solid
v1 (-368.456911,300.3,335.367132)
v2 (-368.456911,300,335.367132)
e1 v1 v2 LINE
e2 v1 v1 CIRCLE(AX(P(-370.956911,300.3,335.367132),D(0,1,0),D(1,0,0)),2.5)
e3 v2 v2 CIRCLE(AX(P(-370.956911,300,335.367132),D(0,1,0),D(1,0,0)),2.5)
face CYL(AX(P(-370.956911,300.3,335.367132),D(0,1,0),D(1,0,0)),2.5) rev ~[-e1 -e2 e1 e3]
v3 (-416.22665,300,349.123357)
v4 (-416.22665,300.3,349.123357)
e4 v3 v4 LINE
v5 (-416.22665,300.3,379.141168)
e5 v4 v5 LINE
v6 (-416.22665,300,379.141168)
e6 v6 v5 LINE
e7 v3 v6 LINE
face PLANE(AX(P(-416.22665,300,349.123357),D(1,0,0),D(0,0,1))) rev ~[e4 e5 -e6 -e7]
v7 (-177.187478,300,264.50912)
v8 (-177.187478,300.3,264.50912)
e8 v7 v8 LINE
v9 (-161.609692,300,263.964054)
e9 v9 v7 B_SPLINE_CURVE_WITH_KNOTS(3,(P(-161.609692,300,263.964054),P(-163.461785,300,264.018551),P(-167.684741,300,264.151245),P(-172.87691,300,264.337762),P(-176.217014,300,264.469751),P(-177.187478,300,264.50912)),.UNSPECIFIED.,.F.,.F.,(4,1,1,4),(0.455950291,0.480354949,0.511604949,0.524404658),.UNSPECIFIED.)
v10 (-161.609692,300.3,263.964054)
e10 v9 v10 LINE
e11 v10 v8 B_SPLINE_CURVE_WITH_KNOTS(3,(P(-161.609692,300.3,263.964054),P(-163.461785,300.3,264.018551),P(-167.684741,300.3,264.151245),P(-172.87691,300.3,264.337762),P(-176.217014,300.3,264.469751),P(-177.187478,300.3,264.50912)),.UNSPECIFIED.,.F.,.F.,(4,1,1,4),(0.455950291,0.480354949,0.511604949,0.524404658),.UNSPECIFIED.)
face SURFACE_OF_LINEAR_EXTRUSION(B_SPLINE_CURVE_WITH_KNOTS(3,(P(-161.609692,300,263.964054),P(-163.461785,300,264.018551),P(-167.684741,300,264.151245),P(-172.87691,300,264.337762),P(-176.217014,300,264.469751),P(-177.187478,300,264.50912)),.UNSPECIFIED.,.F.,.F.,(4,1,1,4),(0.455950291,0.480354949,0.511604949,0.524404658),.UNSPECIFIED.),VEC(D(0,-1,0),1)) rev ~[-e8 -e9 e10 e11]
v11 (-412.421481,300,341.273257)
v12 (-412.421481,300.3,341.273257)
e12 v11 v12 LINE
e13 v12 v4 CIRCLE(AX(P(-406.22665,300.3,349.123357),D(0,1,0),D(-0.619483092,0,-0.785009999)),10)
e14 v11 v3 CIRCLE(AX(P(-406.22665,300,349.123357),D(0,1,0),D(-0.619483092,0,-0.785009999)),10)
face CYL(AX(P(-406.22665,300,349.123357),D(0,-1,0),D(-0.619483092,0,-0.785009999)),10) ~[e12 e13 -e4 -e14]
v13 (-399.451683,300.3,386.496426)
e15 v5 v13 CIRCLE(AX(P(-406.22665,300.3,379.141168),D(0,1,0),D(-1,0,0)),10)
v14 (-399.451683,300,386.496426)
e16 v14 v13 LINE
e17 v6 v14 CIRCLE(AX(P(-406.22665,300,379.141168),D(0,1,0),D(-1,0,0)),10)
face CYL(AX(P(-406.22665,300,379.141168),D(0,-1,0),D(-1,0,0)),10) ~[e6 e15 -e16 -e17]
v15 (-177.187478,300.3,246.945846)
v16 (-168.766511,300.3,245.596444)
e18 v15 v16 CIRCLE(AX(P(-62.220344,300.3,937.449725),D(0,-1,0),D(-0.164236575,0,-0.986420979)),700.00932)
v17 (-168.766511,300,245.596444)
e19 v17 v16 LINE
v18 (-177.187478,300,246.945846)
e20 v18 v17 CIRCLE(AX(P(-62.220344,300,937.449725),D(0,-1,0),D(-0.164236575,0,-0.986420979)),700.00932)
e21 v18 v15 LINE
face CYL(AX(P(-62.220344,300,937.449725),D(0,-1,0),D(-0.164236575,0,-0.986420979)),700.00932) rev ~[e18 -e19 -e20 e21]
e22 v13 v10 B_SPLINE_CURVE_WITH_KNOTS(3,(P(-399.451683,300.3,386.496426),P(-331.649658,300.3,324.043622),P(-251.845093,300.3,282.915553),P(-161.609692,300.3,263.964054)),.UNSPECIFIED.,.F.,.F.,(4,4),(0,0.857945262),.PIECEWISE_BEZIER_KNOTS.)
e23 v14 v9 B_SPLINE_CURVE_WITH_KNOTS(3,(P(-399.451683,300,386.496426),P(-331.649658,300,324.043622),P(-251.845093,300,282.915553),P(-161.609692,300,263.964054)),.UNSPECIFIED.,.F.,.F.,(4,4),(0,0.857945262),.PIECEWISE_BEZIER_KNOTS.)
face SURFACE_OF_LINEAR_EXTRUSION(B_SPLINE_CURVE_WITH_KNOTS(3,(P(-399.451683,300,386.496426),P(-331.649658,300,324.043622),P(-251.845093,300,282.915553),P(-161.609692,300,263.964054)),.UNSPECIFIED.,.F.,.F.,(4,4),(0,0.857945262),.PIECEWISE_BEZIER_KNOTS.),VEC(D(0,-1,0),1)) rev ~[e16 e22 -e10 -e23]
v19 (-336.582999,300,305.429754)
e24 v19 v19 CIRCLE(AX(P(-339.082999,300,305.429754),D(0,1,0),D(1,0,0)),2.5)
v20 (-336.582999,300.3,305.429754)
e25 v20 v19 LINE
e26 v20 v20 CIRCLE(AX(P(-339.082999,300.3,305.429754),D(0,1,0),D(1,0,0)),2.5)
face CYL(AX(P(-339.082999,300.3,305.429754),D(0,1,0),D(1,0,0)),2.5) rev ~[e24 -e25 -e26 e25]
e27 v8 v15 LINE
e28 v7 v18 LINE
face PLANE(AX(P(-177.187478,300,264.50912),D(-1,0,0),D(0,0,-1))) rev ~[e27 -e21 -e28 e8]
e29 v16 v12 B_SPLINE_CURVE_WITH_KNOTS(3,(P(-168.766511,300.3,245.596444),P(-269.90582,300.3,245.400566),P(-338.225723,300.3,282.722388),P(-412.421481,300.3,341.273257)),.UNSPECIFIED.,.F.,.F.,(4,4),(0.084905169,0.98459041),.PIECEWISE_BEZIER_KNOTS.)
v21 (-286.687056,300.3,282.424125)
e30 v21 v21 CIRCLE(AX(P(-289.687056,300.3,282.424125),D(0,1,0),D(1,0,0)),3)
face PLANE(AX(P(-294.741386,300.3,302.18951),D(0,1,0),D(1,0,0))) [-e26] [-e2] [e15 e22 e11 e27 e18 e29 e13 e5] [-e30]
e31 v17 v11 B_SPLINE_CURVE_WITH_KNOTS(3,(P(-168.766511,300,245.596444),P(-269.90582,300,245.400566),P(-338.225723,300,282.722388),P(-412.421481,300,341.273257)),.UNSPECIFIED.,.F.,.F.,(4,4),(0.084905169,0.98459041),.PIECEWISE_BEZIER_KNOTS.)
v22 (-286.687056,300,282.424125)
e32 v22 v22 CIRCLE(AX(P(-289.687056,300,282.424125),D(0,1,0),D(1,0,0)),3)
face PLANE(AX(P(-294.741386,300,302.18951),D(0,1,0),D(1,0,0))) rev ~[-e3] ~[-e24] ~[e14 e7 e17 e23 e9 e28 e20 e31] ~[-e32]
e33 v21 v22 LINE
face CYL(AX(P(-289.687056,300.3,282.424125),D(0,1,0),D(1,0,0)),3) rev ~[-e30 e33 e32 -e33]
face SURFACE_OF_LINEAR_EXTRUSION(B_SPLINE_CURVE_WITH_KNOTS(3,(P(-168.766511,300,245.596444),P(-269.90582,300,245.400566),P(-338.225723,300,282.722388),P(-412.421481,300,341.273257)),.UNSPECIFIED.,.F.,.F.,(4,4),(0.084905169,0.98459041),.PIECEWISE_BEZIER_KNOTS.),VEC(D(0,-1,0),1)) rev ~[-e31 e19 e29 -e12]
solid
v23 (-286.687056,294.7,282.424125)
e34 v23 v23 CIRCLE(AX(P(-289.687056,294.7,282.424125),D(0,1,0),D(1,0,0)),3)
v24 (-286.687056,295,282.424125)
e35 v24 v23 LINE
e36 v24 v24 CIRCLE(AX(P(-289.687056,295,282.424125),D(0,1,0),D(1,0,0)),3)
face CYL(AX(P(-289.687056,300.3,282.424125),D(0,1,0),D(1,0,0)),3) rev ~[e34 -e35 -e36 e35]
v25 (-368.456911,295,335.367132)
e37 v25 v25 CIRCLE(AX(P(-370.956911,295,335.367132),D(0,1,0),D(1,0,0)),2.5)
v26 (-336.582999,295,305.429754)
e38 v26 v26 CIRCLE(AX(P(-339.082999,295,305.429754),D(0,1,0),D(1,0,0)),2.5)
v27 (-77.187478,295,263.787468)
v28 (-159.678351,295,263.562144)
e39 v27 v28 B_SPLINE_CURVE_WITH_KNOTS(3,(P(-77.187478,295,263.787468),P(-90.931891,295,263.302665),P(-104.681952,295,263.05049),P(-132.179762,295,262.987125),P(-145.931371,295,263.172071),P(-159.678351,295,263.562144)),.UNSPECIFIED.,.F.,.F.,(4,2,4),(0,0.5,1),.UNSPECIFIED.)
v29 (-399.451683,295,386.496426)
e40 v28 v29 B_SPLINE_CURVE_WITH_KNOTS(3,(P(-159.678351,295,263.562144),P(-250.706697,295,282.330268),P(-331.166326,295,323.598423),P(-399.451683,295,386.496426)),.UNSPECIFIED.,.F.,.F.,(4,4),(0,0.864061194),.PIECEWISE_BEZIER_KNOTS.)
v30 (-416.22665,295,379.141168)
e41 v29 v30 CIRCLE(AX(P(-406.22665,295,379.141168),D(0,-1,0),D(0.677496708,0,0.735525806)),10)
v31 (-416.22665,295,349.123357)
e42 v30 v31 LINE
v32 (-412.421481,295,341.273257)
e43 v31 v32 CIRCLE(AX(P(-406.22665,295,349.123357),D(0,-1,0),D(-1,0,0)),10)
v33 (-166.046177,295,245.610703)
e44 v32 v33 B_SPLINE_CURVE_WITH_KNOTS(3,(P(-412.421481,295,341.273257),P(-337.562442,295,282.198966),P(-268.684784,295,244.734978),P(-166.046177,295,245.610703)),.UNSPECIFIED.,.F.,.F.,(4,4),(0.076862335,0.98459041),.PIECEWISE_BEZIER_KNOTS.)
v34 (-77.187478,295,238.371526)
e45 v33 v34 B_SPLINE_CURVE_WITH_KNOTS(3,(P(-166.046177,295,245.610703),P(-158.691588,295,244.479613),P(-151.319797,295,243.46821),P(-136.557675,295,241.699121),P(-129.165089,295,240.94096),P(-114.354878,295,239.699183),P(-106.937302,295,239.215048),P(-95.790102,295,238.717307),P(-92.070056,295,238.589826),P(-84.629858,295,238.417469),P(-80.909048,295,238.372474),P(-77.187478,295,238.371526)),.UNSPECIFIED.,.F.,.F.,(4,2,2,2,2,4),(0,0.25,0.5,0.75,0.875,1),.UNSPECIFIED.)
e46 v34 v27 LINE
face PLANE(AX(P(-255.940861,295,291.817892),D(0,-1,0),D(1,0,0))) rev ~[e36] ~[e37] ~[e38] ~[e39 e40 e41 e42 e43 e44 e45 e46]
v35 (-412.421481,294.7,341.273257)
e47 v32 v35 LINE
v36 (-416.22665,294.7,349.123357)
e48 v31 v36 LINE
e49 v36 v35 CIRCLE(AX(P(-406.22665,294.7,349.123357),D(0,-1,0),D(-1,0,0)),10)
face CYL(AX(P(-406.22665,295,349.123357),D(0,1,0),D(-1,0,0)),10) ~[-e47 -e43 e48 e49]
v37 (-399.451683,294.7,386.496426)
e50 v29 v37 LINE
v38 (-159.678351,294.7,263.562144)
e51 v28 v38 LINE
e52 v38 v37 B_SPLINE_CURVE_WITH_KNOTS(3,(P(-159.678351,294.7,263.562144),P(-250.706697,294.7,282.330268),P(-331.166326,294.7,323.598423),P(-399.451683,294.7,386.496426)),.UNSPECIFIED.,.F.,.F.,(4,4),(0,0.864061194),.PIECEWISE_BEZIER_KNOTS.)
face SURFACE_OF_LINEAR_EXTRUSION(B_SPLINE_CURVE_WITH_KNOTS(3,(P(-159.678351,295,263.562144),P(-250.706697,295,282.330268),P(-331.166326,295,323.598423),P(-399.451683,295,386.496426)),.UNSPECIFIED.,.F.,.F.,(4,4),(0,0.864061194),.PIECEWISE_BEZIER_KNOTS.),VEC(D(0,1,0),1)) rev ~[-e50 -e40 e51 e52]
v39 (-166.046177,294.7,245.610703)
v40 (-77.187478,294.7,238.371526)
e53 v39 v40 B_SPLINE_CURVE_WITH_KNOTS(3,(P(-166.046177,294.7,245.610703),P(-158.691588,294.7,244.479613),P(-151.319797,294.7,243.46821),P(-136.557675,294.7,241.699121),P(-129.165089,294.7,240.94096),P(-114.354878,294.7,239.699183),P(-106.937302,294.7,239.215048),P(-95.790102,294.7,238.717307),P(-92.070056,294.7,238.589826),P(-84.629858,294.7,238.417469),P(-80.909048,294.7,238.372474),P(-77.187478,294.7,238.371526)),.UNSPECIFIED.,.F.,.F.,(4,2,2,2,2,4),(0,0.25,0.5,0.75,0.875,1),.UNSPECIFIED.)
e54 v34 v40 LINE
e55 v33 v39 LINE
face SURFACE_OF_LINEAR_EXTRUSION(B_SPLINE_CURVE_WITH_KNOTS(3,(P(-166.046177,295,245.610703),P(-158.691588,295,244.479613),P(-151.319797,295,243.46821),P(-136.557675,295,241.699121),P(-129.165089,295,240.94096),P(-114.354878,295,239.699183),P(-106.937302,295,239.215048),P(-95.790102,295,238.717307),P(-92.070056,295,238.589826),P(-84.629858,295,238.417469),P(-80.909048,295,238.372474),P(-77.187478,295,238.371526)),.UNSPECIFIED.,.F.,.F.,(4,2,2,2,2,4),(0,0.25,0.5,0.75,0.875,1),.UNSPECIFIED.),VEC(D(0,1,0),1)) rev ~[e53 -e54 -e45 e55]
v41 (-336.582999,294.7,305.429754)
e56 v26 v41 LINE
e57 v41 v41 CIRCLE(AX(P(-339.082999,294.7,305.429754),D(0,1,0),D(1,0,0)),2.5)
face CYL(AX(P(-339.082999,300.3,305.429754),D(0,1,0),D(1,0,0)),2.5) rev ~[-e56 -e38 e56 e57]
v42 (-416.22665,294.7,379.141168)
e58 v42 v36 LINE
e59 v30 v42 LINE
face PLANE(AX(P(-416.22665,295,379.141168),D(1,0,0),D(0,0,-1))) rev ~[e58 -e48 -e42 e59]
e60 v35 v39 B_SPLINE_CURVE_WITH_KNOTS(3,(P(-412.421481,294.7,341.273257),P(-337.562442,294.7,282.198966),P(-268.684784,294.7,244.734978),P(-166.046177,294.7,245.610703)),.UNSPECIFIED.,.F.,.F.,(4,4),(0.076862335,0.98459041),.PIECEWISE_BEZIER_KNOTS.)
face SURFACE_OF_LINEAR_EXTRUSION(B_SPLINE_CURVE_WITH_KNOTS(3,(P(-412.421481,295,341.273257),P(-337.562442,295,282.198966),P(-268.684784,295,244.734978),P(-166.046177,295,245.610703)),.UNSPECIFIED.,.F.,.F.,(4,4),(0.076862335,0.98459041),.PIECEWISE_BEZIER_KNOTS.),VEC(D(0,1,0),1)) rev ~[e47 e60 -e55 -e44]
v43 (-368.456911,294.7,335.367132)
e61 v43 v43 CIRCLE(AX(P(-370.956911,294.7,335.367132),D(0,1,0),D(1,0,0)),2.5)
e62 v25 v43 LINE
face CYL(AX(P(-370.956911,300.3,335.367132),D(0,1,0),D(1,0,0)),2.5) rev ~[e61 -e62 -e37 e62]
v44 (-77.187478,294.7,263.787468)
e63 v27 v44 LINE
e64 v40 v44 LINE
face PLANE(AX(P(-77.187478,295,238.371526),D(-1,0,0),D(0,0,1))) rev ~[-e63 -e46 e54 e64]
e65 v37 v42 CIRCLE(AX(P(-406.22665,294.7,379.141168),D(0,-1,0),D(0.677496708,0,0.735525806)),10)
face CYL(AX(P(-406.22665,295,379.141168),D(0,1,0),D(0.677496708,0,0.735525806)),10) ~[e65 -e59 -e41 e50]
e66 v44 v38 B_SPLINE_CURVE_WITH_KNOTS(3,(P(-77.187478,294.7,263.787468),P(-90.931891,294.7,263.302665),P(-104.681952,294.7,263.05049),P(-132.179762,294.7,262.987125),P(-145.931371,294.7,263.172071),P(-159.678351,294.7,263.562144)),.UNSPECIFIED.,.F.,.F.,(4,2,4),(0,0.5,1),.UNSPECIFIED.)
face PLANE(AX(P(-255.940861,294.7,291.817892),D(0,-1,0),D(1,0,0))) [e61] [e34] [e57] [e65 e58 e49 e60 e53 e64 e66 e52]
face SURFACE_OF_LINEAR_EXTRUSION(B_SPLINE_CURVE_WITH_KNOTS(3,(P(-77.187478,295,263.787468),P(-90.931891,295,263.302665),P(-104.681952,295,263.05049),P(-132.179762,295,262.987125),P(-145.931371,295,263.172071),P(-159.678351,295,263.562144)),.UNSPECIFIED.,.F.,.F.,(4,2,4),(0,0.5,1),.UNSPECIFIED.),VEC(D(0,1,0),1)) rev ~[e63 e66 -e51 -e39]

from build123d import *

# Parameters (mm, degrees)
DODANIE_WYCI_GNI_CIE1_DEPTH = 0.3
DODANIE_WYCI_GNI_CIE2_DEPTH = 0.3
SZKIC3_R                    = 2.5
SZKIC3_R_2                  = 3
WYTNIJ_WYCI_GNI_CIE1_DEPTH  = 12


with BuildPart() as part:
    # Szkic1 → Dodanie-wyciągnięcie1 (new body)
    with BuildSketch(Plane.XZ.offset(-295)):
        with BuildLine():
            Line((-77.187477809, 238.371526152), (-77.187477809, 263.787467627))
            add(Edge.make_bspline(
                [(-77.187477809, 263.787467627), (-90.931891454, 263.302665158), (-104.681952299, 263.050489589), (-132.179761623, 262.98712509), (-145.931371492, 263.172070993), (-159.678350984, 263.562143643)],
                knots=[0, 0, 0, 0, 0.5, 0.5, 1, 1, 1, 1], degree=3))
            add(Edge.make_bspline(
                [(-159.678350984, 263.562143643), (-250.706696635, 282.330267514), (-331.16632582, 323.598422626), (-399.451682504, 386.496425626)],
                knots=[0, 0, 0, 0, 0.864061194, 0.864061194, 0.864061194, 0.864061194], degree=3))
            ThreePointArc((-399.451682504, 386.496425626), (-410.242264679, 388.299488123), (-416.226649581, 379.141167568))
            Line((-416.226649581, 379.141167568), (-416.226649581, 349.123356926))
            ThreePointArc((-416.226649581, 349.123356926), (-415.225213611, 344.76149432), (-412.421480502, 341.273256936))
            add(Edge.make_bspline(
                [(-412.421480502, 341.273256936), (-337.562441747, 282.198966343), (-268.684783511, 244.73497802), (-166.046176885, 245.61070335)],
                knots=[0.076862335, 0.076862335, 0.076862335, 0.076862335, 0.98459041, 0.98459041, 0.98459041, 0.98459041], degree=3))
            add(Edge.make_bspline(
                [(-166.046176885, 245.61070335), (-158.691588186, 244.479612696), (-151.319796636, 243.468209688), (-136.557675168, 241.699121012), (-129.165088755, 240.940959885), (-114.354878372, 239.699183419), (-106.937301858, 239.215047722), (-95.790102143, 238.717306802), (-92.070055878, 238.589825858), (-84.62985785, 238.417469406), (-80.909047989, 238.372473536), (-77.187477809, 238.371526152)],
                knots=[0, 0, 0, 0, 0.25, 0.25, 0.5, 0.5, 0.75, 0.75, 0.875, 0.875, 1, 1, 1, 1], degree=3))
        make_face()
    extrude(amount=DODANIE_WYCI_GNI_CIE1_DEPTH)


with BuildPart() as body_2:
    # Szkic2 → Dodanie-wyciągnięcie2 (new body)
    with BuildSketch(Plane(origin=(0, 300, 0), x_dir=(1, 0, 0), z_dir=(0, 1, 0))):
        with BuildLine():
            Line((-177.187477809, -264.509119585), (-177.187477809, -246.945846168))
            ThreePointArc((-177.187477809, -246.945846168), (-172.97904925, -246.258320434), (-168.766510621, -245.596443654))
            add(Edge.make_bspline(
                [(-168.766510621, -245.596443654), (-269.905820359, -245.400566453), (-338.225722809, -282.722388215), (-412.421480502, -341.273256936)],
                knots=[0.084905169, 0.084905169, 0.084905169, 0.084905169, 0.98459041, 0.98459041, 0.98459041, 0.98459041], degree=3))
            ThreePointArc((-412.421480502, -341.273256936), (-415.225213611, -344.76149432), (-416.226649581, -349.123356926))
            Line((-416.226649581, -349.123356926), (-416.226649581, -379.141167568))
            ThreePointArc((-416.226649581, -379.141167568), (-410.242264679, -388.299488123), (-399.451682504, -386.496425626))
            add(Edge.make_bspline(
                [(-399.451682504, -386.496425626), (-331.649658003, -324.043622455), (-251.84509308, -282.915553357), (-161.609691541, -263.964054369)],
                knots=[0, 0, 0, 0, 0.857945262, 0.857945262, 0.857945262, 0.857945262], degree=3))
            add(Edge.make_bspline(
                [(-161.609691541, -263.964054369), (-163.461784936, -264.018551283), (-167.684740985, -264.151245151), (-172.876910079, -264.337762118), (-176.217014145, -264.469751133), (-177.187477809, -264.509119585)],
                knots=[0.455950291, 0.455950291, 0.455950291, 0.455950291, 0.480354949, 0.511604949, 0.524404658, 0.524404658, 0.524404658, 0.524404658], degree=3))
        make_face()
    extrude(amount=DODANIE_WYCI_GNI_CIE2_DEPTH)


with BuildPart() as wytnij_wyci_gni_cie1_tool:
    # Szkic3 → Wytnij-wyciągnięcie1 (new body)
    with BuildSketch(Plane(origin=(0, 300.3, 0), x_dir=(1, 0, 0), z_dir=(0, 1, 0))):
        with Locations((-370.956911026, -335.367132453)):
            Circle(SZKIC3_R)
        with Locations((-339.082998521, -305.429754445)):
            Circle(SZKIC3_R)
        with Locations((-289.68705591, -282.424125213)):
            Circle(SZKIC3_R_2)
    extrude(amount=-WYTNIJ_WYCI_GNI_CIE1_DEPTH)


with BuildPart() as part_1:
    add(part.part)

    # Wytnij-wyciągnięcie1: cut by wytnij_wyci_gni_cie1_tool
    add(wytnij_wyci_gni_cie1_tool.part, mode=Mode.SUBTRACT)


with BuildPart() as body_2_1:
    add(body_2.part)

    # Wytnij-wyciągnięcie1: cut by wytnij_wyci_gni_cie1_tool
    add(wytnij_wyci_gni_cie1_tool.part, mode=Mode.SUBTRACT)


solid = Compound([part_1.part, body_2_1.part])
